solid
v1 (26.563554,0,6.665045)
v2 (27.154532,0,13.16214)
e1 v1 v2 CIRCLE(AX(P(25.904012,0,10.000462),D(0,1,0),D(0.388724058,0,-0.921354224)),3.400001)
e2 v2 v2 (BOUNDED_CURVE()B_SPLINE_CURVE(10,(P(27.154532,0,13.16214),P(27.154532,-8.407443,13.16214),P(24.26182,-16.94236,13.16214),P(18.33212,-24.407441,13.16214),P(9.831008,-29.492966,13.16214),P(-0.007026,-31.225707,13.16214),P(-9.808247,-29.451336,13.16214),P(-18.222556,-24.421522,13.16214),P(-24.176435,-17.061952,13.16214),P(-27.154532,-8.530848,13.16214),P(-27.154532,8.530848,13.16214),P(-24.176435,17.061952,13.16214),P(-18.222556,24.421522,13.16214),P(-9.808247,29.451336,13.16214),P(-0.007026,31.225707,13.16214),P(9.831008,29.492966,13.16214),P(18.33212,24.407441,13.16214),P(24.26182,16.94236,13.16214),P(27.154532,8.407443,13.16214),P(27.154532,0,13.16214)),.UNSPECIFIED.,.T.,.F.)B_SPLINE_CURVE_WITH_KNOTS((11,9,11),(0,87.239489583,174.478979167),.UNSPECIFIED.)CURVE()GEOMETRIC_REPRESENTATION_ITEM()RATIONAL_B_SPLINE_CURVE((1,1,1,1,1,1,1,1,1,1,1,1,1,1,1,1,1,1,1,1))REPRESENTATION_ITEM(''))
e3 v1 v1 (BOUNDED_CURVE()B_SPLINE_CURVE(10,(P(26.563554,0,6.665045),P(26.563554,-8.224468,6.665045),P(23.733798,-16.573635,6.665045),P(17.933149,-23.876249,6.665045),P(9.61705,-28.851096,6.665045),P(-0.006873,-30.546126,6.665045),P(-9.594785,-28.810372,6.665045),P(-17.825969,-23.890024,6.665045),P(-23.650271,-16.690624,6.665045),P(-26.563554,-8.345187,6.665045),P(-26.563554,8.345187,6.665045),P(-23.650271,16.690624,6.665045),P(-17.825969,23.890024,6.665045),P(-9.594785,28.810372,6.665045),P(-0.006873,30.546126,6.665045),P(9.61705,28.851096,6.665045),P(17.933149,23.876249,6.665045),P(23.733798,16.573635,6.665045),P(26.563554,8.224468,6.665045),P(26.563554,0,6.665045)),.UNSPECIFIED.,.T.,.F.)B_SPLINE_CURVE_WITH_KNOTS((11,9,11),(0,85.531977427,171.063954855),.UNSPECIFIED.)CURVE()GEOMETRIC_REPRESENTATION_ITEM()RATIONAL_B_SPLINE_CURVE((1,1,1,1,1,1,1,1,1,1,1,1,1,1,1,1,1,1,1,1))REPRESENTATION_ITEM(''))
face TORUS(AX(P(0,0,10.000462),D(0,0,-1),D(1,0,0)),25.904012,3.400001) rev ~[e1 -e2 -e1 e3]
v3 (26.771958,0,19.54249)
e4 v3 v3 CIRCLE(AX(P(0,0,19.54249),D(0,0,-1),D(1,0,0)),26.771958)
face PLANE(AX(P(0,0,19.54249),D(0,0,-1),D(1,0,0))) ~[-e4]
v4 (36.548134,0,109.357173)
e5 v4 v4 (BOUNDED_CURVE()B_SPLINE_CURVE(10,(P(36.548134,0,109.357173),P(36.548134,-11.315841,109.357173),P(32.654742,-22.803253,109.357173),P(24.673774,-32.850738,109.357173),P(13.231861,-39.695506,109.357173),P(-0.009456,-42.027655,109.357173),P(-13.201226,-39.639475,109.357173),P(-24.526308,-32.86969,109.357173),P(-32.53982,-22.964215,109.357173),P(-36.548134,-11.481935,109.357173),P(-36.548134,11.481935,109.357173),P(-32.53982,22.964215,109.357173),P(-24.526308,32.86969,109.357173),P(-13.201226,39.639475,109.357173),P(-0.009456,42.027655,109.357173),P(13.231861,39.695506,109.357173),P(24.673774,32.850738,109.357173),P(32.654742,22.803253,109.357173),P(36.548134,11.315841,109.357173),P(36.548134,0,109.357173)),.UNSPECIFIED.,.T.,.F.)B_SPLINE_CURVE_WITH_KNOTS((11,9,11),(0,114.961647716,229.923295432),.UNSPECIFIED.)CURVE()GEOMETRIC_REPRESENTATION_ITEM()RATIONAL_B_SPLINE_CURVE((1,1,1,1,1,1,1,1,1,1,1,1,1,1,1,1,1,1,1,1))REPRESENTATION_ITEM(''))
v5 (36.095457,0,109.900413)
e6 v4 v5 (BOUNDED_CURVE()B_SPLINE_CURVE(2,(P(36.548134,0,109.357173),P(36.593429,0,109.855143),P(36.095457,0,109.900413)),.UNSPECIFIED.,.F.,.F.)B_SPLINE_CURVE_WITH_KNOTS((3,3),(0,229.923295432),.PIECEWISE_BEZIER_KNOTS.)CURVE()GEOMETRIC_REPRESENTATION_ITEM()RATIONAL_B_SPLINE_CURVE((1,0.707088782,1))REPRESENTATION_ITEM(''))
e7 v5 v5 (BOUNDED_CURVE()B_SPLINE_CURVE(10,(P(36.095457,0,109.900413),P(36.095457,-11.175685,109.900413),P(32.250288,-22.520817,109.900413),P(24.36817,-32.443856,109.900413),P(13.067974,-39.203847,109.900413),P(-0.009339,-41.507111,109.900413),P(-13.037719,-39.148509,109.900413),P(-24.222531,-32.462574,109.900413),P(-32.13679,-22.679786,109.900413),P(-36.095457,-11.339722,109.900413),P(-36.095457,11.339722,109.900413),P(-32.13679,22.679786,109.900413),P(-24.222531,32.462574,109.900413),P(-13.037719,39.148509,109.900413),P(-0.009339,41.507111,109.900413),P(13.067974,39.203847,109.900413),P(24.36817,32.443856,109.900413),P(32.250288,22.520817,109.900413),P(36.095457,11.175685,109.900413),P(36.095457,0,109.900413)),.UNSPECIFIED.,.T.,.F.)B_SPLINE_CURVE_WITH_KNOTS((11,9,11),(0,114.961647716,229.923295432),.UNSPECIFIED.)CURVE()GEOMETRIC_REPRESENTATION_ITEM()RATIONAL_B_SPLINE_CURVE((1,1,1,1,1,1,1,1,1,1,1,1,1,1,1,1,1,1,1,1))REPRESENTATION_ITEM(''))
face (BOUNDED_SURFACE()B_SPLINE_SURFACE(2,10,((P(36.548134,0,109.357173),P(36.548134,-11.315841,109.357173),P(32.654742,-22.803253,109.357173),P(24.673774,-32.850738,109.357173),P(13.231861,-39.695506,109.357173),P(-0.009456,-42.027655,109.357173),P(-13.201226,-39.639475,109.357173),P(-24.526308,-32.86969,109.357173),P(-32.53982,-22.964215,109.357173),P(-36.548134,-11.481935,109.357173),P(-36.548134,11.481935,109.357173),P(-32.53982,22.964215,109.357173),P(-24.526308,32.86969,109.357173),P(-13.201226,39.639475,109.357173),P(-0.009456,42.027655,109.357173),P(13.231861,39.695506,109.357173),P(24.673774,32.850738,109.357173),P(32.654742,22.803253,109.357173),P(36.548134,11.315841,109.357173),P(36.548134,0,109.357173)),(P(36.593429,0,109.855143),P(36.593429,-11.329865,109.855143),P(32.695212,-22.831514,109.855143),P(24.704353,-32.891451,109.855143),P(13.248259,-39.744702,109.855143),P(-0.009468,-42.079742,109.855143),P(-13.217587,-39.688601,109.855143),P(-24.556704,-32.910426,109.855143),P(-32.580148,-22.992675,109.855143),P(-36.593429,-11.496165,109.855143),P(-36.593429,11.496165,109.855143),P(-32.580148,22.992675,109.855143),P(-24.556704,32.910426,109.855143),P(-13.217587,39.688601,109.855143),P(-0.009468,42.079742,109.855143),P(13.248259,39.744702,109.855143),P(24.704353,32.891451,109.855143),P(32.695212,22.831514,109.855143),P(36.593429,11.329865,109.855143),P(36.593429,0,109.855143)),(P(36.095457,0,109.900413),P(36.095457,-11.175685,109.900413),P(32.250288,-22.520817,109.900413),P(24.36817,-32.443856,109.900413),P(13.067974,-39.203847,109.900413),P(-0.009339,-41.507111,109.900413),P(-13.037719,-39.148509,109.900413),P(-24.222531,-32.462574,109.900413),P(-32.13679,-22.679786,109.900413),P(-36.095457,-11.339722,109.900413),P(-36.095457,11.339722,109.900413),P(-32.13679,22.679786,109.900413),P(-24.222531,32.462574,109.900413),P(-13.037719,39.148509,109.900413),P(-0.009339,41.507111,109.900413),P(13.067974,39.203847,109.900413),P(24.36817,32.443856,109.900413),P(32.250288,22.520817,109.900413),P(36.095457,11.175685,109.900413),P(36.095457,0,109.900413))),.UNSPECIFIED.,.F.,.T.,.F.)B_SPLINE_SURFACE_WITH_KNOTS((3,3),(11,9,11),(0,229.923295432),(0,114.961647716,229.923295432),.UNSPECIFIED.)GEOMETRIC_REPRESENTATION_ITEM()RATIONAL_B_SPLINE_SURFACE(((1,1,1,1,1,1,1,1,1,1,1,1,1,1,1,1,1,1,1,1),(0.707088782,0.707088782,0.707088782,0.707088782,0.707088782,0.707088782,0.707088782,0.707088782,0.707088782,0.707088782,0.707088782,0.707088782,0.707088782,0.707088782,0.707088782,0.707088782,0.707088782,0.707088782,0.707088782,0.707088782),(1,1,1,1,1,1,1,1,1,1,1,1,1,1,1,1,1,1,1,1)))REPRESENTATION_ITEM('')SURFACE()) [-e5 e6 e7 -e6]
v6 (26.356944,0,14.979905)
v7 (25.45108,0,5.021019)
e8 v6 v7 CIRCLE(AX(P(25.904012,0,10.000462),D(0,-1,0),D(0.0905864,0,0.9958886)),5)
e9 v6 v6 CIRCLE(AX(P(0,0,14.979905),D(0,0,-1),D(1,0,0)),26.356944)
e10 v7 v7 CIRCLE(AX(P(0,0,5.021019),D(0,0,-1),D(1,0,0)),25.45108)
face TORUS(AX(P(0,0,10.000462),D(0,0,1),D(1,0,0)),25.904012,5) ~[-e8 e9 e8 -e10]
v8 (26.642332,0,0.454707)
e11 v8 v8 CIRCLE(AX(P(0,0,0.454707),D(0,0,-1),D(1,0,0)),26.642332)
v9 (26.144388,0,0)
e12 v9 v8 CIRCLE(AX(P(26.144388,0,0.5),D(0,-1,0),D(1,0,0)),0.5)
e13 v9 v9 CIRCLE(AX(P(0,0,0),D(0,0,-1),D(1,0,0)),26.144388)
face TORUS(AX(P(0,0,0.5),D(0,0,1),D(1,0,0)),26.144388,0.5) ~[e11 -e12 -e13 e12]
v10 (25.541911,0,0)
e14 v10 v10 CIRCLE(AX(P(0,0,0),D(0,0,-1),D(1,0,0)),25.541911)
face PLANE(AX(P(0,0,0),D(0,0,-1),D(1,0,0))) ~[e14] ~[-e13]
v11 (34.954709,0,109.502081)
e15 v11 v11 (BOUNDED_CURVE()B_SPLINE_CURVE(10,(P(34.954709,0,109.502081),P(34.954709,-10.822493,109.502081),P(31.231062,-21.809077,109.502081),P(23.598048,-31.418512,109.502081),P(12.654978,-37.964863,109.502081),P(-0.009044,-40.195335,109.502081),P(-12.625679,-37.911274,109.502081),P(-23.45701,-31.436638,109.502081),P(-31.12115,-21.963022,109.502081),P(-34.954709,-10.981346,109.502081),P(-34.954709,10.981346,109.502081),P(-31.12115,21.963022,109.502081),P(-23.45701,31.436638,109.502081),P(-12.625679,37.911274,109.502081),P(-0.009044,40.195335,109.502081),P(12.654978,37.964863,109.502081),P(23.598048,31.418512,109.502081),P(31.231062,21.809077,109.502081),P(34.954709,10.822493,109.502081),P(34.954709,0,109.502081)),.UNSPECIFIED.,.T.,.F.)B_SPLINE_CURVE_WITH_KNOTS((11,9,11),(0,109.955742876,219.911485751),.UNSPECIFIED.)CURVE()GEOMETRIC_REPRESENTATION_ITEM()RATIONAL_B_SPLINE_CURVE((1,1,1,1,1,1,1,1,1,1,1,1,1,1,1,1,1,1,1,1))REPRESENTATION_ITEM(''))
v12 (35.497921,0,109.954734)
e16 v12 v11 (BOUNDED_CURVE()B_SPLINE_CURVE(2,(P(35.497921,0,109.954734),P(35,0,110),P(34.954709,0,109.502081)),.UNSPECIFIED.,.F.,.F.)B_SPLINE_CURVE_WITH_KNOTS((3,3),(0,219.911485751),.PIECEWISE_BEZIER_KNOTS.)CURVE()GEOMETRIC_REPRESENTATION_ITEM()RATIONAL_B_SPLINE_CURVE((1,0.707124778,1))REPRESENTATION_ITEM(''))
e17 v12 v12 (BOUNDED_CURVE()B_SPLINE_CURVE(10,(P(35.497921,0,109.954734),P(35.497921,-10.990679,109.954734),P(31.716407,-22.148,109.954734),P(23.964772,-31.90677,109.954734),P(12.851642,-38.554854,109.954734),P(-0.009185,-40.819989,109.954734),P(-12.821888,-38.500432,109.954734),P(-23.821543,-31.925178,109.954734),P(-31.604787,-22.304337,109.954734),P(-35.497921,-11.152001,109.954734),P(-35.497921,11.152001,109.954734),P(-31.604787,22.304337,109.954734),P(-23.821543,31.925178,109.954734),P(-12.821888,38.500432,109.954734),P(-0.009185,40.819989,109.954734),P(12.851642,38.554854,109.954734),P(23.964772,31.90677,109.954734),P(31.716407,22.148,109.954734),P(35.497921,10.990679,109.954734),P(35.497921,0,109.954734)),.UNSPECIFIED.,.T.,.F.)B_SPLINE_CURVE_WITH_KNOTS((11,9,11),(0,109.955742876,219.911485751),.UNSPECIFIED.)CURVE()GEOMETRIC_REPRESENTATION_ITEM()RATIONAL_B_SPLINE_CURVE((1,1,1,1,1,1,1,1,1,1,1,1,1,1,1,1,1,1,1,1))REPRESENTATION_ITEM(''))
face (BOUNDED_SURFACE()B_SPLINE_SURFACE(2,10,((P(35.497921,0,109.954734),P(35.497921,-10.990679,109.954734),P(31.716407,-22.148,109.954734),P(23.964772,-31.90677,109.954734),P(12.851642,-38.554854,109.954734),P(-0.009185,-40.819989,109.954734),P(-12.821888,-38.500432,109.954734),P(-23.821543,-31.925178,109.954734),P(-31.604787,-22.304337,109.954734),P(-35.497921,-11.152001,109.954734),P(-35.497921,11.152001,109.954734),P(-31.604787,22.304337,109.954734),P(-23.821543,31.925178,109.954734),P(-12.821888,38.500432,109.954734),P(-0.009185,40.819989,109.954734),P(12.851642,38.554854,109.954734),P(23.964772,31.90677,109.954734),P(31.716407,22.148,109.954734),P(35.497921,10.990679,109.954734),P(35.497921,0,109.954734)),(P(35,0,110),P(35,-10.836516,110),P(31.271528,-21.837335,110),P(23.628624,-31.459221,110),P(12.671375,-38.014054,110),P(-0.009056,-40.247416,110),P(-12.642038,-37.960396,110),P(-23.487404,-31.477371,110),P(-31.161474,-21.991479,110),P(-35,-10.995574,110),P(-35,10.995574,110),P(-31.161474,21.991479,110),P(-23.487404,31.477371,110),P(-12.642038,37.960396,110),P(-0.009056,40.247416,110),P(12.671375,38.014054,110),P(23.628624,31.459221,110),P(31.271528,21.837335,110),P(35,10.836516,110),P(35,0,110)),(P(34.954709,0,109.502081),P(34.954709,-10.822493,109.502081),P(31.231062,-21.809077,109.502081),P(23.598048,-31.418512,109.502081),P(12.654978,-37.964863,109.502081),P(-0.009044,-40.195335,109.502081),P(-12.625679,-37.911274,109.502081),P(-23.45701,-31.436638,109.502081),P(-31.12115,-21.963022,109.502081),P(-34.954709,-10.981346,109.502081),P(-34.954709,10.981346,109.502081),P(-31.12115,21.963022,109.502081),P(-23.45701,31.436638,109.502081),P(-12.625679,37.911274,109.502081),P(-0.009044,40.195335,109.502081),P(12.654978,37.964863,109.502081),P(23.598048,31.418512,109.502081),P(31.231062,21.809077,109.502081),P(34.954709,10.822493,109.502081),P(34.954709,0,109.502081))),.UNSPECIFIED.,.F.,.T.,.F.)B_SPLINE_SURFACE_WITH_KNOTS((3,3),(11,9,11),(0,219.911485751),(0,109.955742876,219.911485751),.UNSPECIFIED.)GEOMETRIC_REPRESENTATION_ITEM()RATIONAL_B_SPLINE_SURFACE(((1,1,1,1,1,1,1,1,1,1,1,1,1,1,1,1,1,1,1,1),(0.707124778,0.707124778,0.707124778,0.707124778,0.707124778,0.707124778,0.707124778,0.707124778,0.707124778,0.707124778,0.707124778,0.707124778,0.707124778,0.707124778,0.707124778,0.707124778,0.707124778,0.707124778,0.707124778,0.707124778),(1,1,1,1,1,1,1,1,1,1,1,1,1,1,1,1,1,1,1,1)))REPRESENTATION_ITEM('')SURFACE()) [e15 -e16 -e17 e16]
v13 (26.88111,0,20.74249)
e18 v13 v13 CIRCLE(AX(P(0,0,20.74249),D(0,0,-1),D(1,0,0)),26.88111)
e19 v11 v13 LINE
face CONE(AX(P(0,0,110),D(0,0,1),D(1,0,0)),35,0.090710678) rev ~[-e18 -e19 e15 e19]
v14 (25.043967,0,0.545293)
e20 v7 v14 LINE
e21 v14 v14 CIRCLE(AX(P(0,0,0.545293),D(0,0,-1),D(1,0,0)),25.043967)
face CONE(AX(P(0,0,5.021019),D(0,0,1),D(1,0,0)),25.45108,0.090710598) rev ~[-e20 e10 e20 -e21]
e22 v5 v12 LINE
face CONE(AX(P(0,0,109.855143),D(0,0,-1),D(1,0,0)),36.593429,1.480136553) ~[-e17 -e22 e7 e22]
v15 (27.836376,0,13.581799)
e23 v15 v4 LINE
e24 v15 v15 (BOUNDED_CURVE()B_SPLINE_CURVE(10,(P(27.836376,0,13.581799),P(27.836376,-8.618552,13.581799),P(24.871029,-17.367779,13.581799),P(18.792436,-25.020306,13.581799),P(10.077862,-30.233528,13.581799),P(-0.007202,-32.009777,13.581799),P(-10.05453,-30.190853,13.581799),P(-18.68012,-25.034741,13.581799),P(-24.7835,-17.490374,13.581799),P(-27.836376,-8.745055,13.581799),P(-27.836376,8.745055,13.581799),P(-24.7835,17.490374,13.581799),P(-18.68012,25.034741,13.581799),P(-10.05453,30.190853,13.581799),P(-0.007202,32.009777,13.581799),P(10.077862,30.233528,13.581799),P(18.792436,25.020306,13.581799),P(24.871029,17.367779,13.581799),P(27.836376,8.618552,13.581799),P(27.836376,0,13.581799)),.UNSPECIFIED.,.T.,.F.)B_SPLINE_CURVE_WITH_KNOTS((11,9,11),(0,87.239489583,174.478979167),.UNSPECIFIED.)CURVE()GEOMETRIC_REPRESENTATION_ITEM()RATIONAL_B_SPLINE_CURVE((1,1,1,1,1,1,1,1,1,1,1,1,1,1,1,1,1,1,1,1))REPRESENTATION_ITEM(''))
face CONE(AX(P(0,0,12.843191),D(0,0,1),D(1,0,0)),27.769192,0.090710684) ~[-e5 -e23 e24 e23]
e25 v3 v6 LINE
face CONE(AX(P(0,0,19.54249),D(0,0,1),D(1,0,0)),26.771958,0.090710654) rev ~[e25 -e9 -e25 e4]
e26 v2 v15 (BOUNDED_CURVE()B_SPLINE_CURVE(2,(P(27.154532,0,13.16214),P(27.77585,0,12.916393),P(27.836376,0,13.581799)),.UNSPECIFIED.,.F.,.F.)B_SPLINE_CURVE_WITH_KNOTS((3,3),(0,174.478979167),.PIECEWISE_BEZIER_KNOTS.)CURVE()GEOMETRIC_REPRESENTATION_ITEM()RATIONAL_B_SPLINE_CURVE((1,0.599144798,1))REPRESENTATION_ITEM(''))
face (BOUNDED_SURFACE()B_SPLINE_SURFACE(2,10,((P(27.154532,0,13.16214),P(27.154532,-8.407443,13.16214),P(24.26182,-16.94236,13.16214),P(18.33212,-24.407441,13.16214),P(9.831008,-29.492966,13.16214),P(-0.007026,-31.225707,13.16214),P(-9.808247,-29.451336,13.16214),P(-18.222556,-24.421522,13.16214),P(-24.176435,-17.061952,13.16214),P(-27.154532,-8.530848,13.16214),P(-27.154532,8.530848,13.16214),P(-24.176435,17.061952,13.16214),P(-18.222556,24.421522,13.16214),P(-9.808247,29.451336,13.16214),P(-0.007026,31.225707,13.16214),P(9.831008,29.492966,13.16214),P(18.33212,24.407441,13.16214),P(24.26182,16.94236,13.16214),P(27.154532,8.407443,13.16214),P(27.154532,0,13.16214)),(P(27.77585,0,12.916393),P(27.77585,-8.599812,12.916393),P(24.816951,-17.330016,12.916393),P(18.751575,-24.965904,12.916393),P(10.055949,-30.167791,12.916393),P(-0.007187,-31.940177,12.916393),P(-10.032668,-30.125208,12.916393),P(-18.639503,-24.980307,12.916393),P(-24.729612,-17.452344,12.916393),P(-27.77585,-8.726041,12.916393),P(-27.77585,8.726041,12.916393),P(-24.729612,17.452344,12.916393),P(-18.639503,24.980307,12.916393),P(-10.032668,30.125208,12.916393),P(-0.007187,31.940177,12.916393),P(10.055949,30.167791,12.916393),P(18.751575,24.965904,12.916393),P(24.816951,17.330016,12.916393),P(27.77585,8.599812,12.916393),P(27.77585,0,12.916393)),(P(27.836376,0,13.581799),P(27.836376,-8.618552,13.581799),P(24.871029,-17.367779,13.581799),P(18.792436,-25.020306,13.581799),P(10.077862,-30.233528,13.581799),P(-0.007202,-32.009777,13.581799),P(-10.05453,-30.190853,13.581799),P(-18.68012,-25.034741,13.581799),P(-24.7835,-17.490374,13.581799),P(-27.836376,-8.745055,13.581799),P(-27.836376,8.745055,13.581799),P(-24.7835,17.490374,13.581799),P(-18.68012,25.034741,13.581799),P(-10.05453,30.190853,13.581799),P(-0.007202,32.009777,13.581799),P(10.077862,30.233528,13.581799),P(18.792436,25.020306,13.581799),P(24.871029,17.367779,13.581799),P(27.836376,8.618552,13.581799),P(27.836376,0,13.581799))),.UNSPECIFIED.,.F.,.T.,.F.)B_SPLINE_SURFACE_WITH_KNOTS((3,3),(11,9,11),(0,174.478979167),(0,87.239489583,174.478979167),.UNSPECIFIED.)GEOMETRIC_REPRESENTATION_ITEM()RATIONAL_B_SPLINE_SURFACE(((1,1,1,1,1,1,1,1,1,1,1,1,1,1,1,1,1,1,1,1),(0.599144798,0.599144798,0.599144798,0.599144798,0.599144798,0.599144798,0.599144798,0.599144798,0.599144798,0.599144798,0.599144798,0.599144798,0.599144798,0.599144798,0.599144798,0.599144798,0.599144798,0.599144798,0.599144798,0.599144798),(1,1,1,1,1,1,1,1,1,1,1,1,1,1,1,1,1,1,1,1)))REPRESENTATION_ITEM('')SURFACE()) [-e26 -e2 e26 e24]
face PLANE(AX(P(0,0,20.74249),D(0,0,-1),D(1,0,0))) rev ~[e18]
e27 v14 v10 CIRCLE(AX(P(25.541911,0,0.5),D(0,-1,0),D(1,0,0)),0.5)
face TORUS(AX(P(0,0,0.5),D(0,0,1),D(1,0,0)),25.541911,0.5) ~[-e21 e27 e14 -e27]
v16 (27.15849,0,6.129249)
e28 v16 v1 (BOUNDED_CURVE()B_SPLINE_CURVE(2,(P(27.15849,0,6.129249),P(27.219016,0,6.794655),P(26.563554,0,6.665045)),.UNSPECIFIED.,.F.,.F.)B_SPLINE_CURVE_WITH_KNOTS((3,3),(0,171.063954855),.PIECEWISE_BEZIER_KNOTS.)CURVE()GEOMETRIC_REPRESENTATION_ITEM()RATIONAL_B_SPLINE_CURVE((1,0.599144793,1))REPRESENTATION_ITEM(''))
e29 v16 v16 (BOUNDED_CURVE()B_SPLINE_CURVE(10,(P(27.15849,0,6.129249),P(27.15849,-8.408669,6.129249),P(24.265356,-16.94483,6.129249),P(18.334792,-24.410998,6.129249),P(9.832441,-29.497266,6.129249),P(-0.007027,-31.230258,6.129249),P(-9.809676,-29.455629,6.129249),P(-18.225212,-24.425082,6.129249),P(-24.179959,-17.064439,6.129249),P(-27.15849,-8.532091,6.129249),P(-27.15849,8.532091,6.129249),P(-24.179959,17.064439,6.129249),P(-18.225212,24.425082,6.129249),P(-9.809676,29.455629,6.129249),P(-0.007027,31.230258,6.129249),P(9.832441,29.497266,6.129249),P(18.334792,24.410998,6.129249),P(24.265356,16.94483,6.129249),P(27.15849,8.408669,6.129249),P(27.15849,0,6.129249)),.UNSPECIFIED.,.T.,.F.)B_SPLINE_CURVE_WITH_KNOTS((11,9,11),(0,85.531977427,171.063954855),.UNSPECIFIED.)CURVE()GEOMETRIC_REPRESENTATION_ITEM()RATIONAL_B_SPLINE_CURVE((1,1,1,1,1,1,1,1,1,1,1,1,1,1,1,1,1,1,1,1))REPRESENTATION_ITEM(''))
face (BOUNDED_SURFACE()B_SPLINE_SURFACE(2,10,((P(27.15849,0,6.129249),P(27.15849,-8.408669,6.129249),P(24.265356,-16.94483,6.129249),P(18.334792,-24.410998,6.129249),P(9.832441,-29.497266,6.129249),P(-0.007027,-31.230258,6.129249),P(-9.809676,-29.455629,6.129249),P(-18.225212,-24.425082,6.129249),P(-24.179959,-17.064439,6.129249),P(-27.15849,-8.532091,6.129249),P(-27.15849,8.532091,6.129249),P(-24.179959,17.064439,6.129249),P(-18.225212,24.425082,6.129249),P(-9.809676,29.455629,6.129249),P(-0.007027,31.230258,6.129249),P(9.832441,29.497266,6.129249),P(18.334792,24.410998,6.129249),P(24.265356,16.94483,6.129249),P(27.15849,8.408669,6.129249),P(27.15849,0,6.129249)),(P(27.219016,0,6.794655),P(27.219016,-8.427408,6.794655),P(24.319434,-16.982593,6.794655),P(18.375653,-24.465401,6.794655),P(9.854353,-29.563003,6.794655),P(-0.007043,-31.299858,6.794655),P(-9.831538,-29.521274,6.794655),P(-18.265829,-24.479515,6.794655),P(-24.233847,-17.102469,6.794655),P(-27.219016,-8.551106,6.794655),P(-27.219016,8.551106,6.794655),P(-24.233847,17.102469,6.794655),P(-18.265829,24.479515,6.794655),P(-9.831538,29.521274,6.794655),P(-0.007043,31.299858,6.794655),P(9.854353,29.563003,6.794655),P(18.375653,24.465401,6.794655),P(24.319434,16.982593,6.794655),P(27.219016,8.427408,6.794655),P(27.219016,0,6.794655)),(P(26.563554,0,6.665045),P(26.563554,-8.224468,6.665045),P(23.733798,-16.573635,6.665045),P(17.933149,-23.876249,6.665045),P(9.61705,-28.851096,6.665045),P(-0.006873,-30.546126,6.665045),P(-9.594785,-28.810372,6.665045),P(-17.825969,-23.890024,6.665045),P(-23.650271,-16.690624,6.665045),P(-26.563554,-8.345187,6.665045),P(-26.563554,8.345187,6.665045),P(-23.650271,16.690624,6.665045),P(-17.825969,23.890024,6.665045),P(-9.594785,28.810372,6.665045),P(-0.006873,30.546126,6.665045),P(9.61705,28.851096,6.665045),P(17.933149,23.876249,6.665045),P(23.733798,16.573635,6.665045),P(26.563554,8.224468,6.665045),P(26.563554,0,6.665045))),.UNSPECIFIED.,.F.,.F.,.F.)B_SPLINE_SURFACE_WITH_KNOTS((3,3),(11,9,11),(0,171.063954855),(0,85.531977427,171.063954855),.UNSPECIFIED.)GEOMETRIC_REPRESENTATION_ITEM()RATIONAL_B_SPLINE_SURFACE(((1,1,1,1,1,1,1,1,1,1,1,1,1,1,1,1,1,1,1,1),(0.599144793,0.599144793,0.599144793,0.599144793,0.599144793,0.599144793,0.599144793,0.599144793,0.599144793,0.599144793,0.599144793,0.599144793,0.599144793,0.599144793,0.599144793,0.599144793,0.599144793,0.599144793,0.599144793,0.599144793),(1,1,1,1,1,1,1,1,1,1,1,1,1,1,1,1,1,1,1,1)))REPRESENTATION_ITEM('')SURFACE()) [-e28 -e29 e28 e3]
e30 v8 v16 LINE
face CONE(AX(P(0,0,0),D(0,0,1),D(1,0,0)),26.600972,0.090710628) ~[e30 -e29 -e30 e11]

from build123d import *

# Parameters (mm, degrees)
F3_R = 0.5


with BuildPart() as f2:
    # F0 (on Front) → F2 (revolve)
    with BuildSketch(Plane.XZ):
        with BuildLine():
            Line((25.45108, 5.021019), (24.994367, 0))
            Line((24.994367, 0), (26.600972, 0))
            Line((26.600972, 0), (27.225674, 6.867857))
            ThreePointArc((27.225674, 6.867857), (22.51799, 10.308456), (27.769192, 12.843191))
            Line((27.769192, 12.843191), (36.593429, 109.855143))
            Line((36.593429, 109.855143), (35, 110))
            Line((35, 110), (26.88111, 20.74249))
            Line((26.88111, 20.74249), (0, 20.74249))
            Line((0, 20.74249), (0, 19.54249))
            Line((0, 19.54249), (26.771958, 19.54249))
            Line((26.771958, 19.54249), (26.356944, 14.979905))
            ThreePointArc((26.356944, 14.979905), (20.924569, 10.453394), (25.45108, 5.021019))
        make_face()
    revolve(axis=Axis((0, 0, 55.309514), (0, 0, -1)))

    # F3
    f3_edges = [f2.edges().sort_by_distance(p)[0] for p in [
        (-27.769192, 0, 12.843191),
        (-27.225674, 0, 6.867857),
        (-26.600972, 0, 0),
        (-24.994367, 0, 0),
        (-36.593429, 0, 109.855143),
        (-35, 0, 110),
    ]]
    fillet(f3_edges, radius=F3_R)


solid = f2.part
